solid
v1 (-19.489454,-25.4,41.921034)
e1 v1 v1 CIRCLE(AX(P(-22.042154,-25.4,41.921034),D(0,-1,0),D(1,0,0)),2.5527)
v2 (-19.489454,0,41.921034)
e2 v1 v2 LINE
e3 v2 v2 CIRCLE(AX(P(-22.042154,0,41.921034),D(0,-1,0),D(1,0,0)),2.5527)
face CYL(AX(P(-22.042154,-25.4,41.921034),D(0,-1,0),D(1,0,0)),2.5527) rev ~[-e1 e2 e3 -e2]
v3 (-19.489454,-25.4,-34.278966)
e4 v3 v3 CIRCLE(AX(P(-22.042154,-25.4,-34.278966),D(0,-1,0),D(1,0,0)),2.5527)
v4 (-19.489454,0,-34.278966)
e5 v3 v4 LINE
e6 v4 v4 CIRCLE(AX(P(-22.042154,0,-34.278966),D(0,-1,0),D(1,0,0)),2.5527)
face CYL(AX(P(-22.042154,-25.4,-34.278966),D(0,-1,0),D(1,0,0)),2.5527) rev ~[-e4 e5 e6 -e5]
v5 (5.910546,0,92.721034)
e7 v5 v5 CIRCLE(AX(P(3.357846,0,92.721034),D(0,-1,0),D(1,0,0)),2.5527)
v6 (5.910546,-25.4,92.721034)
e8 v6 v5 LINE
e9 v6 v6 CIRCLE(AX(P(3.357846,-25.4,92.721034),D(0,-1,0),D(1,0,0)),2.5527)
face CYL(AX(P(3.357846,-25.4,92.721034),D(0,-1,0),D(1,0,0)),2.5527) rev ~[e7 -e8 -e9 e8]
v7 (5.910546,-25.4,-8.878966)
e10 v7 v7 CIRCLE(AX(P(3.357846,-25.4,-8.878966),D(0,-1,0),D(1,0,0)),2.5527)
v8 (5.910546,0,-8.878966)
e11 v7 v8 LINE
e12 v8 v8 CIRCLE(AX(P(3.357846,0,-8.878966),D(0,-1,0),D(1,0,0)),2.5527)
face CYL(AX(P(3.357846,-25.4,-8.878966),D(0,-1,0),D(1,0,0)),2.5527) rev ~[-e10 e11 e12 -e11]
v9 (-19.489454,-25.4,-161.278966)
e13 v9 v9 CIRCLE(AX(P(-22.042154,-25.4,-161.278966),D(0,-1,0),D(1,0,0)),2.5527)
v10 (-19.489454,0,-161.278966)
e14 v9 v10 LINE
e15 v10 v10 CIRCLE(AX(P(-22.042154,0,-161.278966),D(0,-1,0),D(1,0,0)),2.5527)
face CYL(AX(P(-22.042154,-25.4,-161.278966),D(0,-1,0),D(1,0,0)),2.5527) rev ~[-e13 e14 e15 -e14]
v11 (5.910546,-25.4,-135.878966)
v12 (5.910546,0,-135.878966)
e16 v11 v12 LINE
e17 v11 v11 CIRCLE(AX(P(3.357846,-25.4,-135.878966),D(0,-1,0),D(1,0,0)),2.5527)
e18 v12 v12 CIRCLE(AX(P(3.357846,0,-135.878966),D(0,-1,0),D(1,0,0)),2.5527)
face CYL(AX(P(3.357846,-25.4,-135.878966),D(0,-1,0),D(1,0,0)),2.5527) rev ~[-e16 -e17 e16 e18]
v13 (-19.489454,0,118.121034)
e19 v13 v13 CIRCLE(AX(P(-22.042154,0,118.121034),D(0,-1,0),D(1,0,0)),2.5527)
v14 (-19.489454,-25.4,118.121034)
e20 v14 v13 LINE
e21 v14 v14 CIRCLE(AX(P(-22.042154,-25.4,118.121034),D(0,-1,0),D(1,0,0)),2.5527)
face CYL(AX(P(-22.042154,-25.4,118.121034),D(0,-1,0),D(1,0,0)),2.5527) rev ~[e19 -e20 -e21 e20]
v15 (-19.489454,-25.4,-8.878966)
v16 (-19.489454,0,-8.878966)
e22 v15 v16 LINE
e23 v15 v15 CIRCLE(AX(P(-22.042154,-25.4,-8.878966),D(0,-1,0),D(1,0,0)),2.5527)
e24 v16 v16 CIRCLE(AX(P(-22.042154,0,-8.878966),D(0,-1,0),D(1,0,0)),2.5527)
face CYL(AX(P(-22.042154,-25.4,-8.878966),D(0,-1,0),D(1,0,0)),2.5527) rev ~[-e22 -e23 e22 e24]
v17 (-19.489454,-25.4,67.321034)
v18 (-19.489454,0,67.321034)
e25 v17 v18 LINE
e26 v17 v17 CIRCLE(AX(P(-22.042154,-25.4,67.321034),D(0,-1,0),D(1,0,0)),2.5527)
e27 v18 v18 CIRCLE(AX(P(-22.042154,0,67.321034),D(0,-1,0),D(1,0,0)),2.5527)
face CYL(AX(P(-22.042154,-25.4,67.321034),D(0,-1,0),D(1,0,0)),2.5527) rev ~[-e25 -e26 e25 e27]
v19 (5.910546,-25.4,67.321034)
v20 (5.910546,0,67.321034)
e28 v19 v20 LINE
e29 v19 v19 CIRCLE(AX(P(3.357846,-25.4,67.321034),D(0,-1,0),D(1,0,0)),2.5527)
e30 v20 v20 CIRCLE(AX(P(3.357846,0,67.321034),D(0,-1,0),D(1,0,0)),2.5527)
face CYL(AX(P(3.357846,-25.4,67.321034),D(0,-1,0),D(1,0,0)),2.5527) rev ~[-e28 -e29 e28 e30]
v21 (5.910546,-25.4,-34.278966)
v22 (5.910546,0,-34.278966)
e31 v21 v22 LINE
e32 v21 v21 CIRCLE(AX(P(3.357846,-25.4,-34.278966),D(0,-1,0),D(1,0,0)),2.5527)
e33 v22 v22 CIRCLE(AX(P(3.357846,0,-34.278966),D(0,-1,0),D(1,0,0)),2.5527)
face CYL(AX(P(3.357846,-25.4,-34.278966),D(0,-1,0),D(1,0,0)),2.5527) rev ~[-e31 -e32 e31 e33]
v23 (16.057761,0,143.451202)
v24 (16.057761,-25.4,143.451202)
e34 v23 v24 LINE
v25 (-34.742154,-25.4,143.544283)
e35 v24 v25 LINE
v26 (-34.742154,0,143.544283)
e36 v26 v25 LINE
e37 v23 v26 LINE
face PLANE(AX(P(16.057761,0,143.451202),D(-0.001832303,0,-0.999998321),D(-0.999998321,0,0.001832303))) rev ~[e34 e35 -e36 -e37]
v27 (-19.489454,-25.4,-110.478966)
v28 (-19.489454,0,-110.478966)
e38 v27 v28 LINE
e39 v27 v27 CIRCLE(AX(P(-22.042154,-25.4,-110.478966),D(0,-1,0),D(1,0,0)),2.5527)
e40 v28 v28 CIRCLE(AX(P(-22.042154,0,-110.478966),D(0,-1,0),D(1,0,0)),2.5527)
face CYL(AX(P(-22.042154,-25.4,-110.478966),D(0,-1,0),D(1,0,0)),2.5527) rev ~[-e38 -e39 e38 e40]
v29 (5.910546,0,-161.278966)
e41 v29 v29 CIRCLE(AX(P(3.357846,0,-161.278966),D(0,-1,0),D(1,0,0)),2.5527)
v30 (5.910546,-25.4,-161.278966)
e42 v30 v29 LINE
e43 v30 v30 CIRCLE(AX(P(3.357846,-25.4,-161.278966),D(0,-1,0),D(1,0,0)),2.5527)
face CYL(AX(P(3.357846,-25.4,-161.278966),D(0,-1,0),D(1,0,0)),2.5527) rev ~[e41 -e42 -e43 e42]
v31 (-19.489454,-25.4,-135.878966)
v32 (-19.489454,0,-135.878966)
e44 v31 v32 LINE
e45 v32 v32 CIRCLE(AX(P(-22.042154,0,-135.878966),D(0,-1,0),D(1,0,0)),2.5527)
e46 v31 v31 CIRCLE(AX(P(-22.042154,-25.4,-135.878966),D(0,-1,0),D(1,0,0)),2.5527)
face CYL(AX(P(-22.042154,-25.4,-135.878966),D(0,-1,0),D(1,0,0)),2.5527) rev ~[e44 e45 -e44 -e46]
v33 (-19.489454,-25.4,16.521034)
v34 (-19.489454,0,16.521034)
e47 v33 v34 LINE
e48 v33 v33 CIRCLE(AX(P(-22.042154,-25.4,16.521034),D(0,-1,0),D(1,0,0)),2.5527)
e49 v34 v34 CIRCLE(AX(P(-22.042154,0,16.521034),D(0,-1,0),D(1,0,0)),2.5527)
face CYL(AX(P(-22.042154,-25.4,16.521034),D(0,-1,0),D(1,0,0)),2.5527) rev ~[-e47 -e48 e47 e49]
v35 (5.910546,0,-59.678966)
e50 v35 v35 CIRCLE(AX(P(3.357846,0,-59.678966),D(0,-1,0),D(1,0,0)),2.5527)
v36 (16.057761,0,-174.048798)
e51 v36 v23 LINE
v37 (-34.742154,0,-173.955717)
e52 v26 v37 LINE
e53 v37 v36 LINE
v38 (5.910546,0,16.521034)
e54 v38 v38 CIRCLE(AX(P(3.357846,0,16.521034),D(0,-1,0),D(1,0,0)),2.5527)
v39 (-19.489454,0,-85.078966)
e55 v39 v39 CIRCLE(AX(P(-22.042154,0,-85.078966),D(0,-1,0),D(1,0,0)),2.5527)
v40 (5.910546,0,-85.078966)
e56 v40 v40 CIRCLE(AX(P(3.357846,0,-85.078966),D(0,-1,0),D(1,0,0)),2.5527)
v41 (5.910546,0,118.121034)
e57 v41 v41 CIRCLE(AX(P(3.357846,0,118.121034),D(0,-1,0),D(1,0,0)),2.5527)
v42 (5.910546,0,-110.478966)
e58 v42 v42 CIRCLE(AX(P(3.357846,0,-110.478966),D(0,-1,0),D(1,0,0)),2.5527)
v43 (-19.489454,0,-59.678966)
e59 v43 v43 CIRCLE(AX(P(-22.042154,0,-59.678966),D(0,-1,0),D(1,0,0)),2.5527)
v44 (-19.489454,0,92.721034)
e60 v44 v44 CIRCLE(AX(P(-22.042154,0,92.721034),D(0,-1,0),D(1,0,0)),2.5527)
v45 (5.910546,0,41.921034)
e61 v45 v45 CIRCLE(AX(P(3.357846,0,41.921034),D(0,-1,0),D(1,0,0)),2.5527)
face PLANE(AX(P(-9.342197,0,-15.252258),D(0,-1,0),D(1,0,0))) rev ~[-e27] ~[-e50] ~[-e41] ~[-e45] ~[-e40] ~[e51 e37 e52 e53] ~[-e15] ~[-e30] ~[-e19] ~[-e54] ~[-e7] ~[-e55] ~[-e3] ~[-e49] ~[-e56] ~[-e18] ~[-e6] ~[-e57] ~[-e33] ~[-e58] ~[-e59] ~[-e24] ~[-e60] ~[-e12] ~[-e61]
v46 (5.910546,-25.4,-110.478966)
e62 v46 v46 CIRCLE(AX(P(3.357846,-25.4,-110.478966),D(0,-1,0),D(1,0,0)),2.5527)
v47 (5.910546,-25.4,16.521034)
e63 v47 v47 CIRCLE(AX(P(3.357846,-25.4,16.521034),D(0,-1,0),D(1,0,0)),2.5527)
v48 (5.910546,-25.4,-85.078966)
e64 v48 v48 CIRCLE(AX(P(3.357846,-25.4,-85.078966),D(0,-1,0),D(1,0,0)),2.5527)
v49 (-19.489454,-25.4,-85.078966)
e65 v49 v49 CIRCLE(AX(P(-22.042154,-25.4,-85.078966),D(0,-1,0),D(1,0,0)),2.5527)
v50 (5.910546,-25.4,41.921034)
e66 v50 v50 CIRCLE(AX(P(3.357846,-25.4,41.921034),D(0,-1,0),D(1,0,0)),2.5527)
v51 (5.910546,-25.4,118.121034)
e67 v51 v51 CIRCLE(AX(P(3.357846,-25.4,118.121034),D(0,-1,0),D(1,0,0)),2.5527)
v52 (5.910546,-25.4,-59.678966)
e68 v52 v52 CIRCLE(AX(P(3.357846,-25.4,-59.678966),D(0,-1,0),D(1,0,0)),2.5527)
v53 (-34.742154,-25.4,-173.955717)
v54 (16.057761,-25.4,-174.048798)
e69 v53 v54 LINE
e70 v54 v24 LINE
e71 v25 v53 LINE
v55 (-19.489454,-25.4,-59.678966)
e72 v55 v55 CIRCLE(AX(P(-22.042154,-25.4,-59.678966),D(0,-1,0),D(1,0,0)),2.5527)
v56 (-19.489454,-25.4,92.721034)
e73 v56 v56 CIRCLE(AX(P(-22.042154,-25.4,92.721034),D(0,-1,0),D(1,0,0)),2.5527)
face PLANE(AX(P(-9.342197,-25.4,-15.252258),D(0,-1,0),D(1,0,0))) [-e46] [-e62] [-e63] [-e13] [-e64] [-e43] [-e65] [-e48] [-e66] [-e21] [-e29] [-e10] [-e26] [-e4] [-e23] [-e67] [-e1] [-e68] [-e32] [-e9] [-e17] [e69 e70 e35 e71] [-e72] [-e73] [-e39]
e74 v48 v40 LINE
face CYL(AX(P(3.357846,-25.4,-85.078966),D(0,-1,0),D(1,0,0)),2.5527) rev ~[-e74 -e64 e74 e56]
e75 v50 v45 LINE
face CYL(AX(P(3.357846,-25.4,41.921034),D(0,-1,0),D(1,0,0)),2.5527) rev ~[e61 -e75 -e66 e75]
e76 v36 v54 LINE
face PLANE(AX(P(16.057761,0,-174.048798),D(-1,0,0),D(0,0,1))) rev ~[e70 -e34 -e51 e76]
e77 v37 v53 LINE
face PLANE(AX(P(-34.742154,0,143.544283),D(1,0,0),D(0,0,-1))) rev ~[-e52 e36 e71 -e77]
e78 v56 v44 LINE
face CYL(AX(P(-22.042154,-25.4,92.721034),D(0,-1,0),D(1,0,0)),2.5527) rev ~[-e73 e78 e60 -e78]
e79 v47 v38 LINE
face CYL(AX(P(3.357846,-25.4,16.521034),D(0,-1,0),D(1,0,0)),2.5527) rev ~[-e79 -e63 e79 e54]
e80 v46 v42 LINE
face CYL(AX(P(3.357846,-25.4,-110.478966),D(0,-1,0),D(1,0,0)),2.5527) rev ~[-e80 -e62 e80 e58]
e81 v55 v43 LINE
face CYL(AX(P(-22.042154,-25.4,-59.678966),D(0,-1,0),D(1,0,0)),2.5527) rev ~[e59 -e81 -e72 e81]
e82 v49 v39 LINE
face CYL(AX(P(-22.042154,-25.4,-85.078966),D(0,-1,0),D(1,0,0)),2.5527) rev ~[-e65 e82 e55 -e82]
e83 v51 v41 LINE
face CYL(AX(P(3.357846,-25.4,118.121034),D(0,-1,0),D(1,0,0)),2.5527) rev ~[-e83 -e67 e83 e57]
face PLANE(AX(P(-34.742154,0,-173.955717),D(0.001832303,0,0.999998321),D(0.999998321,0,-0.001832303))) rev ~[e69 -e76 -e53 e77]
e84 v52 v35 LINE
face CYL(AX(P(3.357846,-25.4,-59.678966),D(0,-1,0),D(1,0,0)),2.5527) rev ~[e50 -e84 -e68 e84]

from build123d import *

# Parameters (mm, degrees)
F1_DEPTH = 25.4
F2_R     = 2.5527
F3_DEPTH = 508


with BuildPart() as f1:
    # F0 (on Front) → F1 (new body)
    with BuildSketch(Plane.XZ):
        Polygon((-34.742154, 143.544283), (-34.742154, -173.955717), (16.057761, -174.048798), (16.057761, 143.451202), align=None)
    extrude(amount=F1_DEPTH)

    # F2 (on face) → F3 (cut)
    with BuildSketch(Plane.XZ.offset(25.4)):
        with Locations((-22.042154, -161.278966)):
            Circle(F2_R)
        with Locations((-22.042154, -135.878966)):
            Circle(F2_R)
        with Locations((-22.042154, -110.478966)):
            Circle(F2_R)
        with Locations((-22.042154, -85.078966)):
            Circle(F2_R)
        with Locations((-22.042154, -59.678966)):
            Circle(F2_R)
        with Locations((-22.042154, -34.278966)):
            Circle(F2_R)
        with Locations((-22.042154, -8.878966)):
            Circle(F2_R)
        with Locations((-22.042154, 16.521034)):
            Circle(F2_R)
        with Locations((-22.042154, 41.921034)):
            Circle(F2_R)
        with Locations((-22.042154, 67.321034)):
            Circle(F2_R)
        with Locations((-22.042154, 92.721034)):
            Circle(F2_R)
        with Locations((-22.042154, 118.121034)):
            Circle(F2_R)
        with Locations((3.357846, -161.278966)):
            Circle(F2_R)
        with Locations((3.357846, -135.878966)):
            Circle(F2_R)
        with Locations((3.357846, -110.478966)):
            Circle(F2_R)
        with Locations((3.357846, -85.078966)):
            Circle(F2_R)
        with Locations((3.357846, -59.678966)):
            Circle(F2_R)
        with Locations((3.357846, -34.278966)):
            Circle(F2_R)
        with Locations((3.357846, -8.878966)):
            Circle(F2_R)
        with Locations((3.357846, 16.521034)):
            Circle(F2_R)
        with Locations((3.357846, 41.921034)):
            Circle(F2_R)
        with Locations((3.357846, 67.321034)):
            Circle(F2_R)
        with Locations((3.357846, 92.721034)):
            Circle(F2_R)
        with Locations((3.357846, 118.121034)):
            Circle(F2_R)
        with Locations((-22.042154, 168.921034)):
            Circle(F2_R)
        with Locations((-22.042154, 194.321034)):
            Circle(F2_R)
        with Locations((3.357846, 168.921034)):
            Circle(F2_R)
        with Locations((3.357846, 194.321034)):
            Circle(F2_R)
    extrude(amount=-F3_DEPTH, mode=Mode.SUBTRACT)


solid = f1.part
